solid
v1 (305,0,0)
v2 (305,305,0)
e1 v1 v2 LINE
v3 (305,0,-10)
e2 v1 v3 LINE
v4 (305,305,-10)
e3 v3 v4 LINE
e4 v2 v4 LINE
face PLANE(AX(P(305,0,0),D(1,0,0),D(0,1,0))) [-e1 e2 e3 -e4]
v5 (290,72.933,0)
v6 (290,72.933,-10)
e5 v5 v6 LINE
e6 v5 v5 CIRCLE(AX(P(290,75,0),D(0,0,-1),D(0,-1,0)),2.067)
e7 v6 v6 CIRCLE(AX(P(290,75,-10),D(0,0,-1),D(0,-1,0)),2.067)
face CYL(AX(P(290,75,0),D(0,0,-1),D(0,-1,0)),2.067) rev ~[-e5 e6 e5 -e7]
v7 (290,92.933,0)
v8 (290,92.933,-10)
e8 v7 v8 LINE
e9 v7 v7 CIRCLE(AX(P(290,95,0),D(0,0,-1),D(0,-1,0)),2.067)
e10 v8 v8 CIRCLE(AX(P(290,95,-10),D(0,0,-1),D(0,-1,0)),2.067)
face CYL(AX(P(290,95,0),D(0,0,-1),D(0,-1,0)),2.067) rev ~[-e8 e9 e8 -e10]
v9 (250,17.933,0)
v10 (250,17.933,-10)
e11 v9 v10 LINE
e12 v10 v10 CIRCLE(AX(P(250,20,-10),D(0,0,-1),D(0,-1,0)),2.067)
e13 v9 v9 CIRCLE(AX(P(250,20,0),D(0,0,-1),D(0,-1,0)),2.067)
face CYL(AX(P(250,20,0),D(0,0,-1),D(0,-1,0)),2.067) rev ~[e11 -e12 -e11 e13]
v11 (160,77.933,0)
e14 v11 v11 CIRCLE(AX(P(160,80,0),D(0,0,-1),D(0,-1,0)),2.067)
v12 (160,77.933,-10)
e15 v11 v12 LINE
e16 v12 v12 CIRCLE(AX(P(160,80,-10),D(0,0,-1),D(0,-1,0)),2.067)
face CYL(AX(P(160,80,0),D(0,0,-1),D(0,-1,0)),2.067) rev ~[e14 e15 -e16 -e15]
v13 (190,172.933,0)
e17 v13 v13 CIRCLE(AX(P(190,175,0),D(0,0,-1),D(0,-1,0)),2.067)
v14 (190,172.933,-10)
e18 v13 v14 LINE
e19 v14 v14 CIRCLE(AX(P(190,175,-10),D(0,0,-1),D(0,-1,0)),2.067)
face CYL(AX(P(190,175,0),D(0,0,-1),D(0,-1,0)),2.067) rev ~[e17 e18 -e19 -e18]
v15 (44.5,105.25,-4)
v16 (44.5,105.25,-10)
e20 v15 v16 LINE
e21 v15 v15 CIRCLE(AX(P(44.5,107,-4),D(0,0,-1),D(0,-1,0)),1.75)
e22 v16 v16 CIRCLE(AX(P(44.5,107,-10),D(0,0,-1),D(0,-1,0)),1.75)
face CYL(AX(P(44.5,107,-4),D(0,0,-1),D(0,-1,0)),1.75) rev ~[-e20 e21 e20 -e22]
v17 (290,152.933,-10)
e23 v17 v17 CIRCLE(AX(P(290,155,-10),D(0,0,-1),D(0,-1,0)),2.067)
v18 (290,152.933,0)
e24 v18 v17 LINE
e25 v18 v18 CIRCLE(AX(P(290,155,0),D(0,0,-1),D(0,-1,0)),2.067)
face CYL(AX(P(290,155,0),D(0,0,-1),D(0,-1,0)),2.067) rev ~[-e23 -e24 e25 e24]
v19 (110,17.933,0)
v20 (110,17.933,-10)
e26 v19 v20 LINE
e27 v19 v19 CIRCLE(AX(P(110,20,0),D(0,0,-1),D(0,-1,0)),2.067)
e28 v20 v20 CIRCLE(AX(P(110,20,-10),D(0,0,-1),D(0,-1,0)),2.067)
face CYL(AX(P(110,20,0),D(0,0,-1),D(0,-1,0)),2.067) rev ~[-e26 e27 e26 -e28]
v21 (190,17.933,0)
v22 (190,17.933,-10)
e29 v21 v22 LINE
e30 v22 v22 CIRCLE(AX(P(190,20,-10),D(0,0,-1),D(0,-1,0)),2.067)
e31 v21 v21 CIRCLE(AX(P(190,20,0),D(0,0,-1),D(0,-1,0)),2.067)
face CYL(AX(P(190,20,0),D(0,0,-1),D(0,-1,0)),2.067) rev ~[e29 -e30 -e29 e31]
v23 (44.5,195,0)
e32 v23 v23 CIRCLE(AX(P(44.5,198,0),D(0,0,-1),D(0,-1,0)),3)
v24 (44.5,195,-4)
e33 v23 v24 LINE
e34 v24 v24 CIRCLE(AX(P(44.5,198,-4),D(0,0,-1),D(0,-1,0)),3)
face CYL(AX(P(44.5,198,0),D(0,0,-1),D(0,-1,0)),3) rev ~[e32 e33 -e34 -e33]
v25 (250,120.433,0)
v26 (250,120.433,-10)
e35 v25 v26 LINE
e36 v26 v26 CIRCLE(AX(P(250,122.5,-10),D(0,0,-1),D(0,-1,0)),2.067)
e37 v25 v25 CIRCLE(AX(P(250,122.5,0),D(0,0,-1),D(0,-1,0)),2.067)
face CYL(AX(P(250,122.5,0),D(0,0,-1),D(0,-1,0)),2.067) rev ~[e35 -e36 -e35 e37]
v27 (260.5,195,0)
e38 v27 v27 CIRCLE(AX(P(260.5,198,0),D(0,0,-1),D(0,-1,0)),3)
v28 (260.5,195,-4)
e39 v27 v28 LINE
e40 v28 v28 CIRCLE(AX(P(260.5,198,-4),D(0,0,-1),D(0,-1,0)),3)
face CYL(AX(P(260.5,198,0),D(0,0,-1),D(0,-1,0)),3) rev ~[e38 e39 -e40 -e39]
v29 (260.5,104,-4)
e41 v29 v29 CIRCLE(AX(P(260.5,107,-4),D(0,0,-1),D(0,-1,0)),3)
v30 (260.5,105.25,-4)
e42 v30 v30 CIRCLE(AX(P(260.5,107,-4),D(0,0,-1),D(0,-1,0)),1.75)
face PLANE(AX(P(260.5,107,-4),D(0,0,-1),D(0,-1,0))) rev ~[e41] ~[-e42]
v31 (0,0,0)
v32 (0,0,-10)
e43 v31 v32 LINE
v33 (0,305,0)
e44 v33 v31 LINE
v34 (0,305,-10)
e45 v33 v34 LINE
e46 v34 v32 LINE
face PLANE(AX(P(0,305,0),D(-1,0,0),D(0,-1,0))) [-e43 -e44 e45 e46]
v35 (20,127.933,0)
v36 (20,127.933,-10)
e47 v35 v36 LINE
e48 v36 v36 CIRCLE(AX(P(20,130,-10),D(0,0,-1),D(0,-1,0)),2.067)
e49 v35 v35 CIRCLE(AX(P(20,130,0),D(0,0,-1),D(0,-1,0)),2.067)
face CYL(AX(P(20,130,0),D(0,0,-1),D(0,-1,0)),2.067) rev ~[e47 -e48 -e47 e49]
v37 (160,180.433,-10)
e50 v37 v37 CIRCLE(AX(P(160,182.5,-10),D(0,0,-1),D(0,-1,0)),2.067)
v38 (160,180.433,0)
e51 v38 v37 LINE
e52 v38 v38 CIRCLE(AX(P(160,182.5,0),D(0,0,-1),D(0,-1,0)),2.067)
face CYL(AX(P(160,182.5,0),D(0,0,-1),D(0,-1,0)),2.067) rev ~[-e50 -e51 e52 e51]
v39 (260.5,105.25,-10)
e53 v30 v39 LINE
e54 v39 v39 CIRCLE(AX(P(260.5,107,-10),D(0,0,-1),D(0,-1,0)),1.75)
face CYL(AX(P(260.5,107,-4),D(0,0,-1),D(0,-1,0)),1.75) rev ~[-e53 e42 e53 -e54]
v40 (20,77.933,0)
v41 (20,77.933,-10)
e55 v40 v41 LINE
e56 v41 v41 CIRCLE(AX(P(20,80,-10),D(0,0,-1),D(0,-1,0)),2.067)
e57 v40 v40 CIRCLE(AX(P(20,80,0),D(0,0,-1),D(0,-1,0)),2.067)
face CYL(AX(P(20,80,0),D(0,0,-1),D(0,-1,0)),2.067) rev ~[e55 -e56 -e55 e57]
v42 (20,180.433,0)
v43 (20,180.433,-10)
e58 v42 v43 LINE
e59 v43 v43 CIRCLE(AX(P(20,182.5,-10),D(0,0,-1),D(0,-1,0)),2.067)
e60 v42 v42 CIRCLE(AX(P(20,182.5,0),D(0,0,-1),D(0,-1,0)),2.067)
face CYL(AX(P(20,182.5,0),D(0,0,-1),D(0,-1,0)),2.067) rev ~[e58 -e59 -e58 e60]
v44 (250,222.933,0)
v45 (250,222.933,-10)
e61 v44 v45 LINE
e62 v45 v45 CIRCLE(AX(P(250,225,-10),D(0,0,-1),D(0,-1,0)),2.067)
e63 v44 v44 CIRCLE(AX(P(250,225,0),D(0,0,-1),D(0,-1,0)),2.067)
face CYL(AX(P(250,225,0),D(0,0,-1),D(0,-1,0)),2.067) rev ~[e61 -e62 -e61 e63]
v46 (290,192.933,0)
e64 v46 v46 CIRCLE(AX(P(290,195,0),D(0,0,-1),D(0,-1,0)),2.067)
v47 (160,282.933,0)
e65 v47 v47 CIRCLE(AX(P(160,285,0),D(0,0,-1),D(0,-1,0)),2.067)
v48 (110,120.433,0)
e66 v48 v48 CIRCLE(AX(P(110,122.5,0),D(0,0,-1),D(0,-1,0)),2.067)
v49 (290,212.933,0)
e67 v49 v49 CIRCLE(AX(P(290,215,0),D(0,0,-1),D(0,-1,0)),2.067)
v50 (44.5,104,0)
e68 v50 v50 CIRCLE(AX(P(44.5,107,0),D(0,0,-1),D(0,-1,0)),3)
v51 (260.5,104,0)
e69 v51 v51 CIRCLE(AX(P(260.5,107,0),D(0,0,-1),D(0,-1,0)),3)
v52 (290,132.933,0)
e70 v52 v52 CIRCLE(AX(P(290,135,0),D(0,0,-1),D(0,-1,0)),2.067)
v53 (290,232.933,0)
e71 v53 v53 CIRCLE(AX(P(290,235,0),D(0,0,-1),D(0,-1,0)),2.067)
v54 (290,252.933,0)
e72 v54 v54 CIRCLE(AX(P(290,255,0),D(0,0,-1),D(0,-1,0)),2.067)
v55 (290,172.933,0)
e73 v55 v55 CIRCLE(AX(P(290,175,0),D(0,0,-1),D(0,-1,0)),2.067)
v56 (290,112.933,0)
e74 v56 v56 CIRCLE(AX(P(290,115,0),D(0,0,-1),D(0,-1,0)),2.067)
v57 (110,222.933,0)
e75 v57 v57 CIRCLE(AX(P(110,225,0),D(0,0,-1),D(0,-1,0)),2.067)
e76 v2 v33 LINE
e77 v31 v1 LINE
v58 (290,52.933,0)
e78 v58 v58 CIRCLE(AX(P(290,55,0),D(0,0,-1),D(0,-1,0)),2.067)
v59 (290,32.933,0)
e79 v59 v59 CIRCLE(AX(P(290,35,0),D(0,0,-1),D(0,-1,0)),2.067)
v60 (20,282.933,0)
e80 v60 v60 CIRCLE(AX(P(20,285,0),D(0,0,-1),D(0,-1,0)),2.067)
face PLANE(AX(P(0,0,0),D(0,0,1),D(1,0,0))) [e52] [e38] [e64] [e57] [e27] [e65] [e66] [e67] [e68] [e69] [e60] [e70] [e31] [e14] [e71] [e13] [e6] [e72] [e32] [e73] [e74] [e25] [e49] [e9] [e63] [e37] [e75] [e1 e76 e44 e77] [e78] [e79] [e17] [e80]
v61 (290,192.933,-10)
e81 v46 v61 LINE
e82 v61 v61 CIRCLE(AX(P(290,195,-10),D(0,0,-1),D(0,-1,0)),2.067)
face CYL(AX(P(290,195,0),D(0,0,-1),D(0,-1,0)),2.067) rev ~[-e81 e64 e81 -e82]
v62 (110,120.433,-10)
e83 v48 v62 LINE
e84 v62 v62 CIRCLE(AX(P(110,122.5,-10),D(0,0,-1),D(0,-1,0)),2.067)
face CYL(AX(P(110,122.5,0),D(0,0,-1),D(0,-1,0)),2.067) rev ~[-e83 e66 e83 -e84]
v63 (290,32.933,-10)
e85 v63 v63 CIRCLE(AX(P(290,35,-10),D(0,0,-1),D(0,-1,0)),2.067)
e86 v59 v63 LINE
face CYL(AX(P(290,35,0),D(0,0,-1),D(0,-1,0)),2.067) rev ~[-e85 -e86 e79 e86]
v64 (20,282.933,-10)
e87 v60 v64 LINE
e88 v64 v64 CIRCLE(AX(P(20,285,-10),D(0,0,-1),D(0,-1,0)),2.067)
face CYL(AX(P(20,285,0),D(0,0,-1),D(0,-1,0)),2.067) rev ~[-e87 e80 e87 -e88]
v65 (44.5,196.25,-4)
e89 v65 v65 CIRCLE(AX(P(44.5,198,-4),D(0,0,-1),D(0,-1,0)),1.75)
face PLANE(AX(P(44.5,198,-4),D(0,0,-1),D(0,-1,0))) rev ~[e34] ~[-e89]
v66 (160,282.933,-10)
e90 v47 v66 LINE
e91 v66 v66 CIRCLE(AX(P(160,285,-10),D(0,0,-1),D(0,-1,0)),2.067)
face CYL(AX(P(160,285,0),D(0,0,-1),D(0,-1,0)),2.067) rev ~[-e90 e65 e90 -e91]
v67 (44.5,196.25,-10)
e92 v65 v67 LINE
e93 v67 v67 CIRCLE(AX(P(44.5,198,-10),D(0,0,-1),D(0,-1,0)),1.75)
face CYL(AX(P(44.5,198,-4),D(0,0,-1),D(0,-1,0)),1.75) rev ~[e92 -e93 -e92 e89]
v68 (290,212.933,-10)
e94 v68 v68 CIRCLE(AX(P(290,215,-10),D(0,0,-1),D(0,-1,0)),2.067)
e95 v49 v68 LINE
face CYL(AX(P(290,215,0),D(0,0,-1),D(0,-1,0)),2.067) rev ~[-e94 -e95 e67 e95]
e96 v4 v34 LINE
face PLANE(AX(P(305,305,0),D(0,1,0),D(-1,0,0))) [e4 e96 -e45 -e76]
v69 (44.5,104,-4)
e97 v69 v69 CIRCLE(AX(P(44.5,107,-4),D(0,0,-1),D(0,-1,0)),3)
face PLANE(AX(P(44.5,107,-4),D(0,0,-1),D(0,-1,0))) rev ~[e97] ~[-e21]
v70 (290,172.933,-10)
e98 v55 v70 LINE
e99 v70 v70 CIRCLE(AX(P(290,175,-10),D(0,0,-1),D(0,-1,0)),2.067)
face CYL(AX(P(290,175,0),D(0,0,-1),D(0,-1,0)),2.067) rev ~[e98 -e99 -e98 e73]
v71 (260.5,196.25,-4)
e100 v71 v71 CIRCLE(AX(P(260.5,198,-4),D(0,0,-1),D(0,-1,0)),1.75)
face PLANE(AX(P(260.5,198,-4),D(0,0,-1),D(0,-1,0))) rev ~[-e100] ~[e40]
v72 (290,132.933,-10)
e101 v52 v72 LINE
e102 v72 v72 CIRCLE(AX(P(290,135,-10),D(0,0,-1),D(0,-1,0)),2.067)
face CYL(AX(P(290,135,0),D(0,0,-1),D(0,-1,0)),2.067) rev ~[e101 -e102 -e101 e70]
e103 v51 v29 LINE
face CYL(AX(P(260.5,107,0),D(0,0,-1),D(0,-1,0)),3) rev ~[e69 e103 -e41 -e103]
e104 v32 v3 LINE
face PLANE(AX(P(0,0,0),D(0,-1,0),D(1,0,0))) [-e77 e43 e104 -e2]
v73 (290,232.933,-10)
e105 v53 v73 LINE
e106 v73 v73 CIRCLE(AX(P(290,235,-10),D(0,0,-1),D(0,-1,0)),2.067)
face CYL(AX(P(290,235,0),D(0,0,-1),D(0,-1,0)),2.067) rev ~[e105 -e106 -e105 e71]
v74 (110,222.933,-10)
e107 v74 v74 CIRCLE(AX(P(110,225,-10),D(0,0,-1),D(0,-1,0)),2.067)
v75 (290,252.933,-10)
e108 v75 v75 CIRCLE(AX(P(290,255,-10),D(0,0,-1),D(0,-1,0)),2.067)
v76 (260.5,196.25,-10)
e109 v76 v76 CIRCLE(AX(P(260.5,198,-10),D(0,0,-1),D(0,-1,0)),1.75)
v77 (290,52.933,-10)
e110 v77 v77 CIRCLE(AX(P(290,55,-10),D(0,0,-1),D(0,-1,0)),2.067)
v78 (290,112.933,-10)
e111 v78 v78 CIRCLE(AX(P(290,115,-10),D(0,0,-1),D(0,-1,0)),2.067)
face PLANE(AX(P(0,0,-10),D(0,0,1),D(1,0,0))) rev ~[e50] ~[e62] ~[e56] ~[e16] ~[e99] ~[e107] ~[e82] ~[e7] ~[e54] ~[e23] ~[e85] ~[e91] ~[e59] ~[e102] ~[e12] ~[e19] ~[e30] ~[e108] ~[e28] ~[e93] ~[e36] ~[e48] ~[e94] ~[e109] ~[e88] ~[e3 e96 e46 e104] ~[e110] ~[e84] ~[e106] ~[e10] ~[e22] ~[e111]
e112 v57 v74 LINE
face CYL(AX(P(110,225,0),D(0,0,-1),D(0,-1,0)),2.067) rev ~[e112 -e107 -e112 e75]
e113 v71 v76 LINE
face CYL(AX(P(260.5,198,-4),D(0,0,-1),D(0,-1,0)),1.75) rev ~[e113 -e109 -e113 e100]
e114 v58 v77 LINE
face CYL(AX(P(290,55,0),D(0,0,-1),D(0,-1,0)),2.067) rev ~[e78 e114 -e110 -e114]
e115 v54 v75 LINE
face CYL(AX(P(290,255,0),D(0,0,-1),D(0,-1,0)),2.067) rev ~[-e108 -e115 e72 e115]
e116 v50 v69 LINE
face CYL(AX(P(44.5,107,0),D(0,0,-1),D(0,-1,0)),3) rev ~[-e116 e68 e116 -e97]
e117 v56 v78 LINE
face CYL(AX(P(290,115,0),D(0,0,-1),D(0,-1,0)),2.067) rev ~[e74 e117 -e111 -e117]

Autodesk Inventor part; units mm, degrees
ref_plane "YZ Plane" through (0, 0, 0) normal (1, 0, 0) x (0, 1, 0)
ref_plane "XZ Plane" through (0, 0, 0) normal (0, 1, 0) x (-1, 0, 0)
ref_plane "XY Plane" through (0, 0, 0) normal (0, 0, 1) x (1, 0, 0)
sketch "Sketch1" plane through (0, 0, 0) normal (0, 0, 1) x (1, 0, 0)
  line L0 (0, 0) -> (305, 0)
  line L1 (305, 0) -> (305, 305)
  line L2 (305, 305) -> (0, 305)
  line L3 (0, 305) -> (0, 0)
  dimension "d0" = 305
  dimension "d1" = 305
extrude "Extrusion1" add sketch "Sketch1" against normal blind 10
sketch "Sketch2" plane through (0, 0, 0) normal (0, 0, 1) x (1, 0, 0)
  line L0 (0, 305) -> (305, 305) projected
  line L1 (0, 305) -> (0, 0) projected
  point P0 (20, 285)
  point P1 (110, 225)
  dimension "d4" = 90
  dimension "d5" = 60
  dimension "d6" = 20
  dimension "d7" = 20
hole "80x50" at (20, 285, 0) at (110, 225, 0) direction (0, 0, -1) diameter 4.134 depth 14.2 tip angle 118 thread size "M5x0.8" class "6H" standard "ISO Metric profile"
pattern_linear "Rectangular Pattern1" count 3 spacing 102.5 along (0, -1, 0) count 2 spacing 140 along (1, 0, 0) of "80x50"
sketch "Sketch4" plane through (0, 0, 0) normal (0, 0, 1) x (1, 0, 0)
  line L0 (0, 305) -> (0, 0) projected
  line L1 (305, 305) -> (0, 305) projected
  point P0 (290, 255)
  dimension "d40" = 290
  dimension "d41" = 50
hole "Magasin" at (290, 255, 0) direction (0, 0, -1) diameter 4.134 end through all thread size "M5x0.8" class "6H" standard "ISO Metric profile"
pattern_linear "Mag pat" count 12 spacing 20 along (0, -1, 0) of "Magasin"
sketch "Sketch5" plane through (0, 0, 0) normal (0, 0, 1) x (1, 0, 0)
  circle A0 centre (20, 285) radius 2.067 projected
  line L0 (0, 0) -> (305, 0) projected
  point P0 (190, 175)
  point P1 (20, 130)
  point P2 (190, 20)
  dimension "d42" = 170
  dimension "d43" = 110
  dimension "d44" = 20
  dimension "d45" = 110
  dimension "d46" = 170
hole "160x100" at (190, 175, 0) at (20, 130, 0) at (190, 20, 0) direction (0, 0, -1) diameter 4.134 depth 14.2 tip angle 118 thread size "M5x0.8" class "6H" standard "ISO Metric profile"
sketch "Fixture" plane through (0, 0, 0) normal (0, 0, 1) x (1, 0, 0)
  line L0 (0, 305) -> (0, 0) projected
  line L1 (305, 305) -> (0, 305) projected
  point P0 (44.5, 198)
  point P1 (260.5, 198)
  point P2 (260.5, 107)
  point P3 (44.5, 107)
  dimension "d54" = 216
  dimension "d55" = 91
  dimension "d56" = 44.5
  dimension "d57" = 107
hole "Fixture hole" at (44.5, 198, 0) at (260.5, 198, 0) at (260.5, 107, 0) at (44.5, 107, 0) direction (0, 0, -1) diameter 3.5 end through all counterbore diameter 6 counterbore depth 4
properties part number "Base plate" material "Aluminum 6061-AHC"
